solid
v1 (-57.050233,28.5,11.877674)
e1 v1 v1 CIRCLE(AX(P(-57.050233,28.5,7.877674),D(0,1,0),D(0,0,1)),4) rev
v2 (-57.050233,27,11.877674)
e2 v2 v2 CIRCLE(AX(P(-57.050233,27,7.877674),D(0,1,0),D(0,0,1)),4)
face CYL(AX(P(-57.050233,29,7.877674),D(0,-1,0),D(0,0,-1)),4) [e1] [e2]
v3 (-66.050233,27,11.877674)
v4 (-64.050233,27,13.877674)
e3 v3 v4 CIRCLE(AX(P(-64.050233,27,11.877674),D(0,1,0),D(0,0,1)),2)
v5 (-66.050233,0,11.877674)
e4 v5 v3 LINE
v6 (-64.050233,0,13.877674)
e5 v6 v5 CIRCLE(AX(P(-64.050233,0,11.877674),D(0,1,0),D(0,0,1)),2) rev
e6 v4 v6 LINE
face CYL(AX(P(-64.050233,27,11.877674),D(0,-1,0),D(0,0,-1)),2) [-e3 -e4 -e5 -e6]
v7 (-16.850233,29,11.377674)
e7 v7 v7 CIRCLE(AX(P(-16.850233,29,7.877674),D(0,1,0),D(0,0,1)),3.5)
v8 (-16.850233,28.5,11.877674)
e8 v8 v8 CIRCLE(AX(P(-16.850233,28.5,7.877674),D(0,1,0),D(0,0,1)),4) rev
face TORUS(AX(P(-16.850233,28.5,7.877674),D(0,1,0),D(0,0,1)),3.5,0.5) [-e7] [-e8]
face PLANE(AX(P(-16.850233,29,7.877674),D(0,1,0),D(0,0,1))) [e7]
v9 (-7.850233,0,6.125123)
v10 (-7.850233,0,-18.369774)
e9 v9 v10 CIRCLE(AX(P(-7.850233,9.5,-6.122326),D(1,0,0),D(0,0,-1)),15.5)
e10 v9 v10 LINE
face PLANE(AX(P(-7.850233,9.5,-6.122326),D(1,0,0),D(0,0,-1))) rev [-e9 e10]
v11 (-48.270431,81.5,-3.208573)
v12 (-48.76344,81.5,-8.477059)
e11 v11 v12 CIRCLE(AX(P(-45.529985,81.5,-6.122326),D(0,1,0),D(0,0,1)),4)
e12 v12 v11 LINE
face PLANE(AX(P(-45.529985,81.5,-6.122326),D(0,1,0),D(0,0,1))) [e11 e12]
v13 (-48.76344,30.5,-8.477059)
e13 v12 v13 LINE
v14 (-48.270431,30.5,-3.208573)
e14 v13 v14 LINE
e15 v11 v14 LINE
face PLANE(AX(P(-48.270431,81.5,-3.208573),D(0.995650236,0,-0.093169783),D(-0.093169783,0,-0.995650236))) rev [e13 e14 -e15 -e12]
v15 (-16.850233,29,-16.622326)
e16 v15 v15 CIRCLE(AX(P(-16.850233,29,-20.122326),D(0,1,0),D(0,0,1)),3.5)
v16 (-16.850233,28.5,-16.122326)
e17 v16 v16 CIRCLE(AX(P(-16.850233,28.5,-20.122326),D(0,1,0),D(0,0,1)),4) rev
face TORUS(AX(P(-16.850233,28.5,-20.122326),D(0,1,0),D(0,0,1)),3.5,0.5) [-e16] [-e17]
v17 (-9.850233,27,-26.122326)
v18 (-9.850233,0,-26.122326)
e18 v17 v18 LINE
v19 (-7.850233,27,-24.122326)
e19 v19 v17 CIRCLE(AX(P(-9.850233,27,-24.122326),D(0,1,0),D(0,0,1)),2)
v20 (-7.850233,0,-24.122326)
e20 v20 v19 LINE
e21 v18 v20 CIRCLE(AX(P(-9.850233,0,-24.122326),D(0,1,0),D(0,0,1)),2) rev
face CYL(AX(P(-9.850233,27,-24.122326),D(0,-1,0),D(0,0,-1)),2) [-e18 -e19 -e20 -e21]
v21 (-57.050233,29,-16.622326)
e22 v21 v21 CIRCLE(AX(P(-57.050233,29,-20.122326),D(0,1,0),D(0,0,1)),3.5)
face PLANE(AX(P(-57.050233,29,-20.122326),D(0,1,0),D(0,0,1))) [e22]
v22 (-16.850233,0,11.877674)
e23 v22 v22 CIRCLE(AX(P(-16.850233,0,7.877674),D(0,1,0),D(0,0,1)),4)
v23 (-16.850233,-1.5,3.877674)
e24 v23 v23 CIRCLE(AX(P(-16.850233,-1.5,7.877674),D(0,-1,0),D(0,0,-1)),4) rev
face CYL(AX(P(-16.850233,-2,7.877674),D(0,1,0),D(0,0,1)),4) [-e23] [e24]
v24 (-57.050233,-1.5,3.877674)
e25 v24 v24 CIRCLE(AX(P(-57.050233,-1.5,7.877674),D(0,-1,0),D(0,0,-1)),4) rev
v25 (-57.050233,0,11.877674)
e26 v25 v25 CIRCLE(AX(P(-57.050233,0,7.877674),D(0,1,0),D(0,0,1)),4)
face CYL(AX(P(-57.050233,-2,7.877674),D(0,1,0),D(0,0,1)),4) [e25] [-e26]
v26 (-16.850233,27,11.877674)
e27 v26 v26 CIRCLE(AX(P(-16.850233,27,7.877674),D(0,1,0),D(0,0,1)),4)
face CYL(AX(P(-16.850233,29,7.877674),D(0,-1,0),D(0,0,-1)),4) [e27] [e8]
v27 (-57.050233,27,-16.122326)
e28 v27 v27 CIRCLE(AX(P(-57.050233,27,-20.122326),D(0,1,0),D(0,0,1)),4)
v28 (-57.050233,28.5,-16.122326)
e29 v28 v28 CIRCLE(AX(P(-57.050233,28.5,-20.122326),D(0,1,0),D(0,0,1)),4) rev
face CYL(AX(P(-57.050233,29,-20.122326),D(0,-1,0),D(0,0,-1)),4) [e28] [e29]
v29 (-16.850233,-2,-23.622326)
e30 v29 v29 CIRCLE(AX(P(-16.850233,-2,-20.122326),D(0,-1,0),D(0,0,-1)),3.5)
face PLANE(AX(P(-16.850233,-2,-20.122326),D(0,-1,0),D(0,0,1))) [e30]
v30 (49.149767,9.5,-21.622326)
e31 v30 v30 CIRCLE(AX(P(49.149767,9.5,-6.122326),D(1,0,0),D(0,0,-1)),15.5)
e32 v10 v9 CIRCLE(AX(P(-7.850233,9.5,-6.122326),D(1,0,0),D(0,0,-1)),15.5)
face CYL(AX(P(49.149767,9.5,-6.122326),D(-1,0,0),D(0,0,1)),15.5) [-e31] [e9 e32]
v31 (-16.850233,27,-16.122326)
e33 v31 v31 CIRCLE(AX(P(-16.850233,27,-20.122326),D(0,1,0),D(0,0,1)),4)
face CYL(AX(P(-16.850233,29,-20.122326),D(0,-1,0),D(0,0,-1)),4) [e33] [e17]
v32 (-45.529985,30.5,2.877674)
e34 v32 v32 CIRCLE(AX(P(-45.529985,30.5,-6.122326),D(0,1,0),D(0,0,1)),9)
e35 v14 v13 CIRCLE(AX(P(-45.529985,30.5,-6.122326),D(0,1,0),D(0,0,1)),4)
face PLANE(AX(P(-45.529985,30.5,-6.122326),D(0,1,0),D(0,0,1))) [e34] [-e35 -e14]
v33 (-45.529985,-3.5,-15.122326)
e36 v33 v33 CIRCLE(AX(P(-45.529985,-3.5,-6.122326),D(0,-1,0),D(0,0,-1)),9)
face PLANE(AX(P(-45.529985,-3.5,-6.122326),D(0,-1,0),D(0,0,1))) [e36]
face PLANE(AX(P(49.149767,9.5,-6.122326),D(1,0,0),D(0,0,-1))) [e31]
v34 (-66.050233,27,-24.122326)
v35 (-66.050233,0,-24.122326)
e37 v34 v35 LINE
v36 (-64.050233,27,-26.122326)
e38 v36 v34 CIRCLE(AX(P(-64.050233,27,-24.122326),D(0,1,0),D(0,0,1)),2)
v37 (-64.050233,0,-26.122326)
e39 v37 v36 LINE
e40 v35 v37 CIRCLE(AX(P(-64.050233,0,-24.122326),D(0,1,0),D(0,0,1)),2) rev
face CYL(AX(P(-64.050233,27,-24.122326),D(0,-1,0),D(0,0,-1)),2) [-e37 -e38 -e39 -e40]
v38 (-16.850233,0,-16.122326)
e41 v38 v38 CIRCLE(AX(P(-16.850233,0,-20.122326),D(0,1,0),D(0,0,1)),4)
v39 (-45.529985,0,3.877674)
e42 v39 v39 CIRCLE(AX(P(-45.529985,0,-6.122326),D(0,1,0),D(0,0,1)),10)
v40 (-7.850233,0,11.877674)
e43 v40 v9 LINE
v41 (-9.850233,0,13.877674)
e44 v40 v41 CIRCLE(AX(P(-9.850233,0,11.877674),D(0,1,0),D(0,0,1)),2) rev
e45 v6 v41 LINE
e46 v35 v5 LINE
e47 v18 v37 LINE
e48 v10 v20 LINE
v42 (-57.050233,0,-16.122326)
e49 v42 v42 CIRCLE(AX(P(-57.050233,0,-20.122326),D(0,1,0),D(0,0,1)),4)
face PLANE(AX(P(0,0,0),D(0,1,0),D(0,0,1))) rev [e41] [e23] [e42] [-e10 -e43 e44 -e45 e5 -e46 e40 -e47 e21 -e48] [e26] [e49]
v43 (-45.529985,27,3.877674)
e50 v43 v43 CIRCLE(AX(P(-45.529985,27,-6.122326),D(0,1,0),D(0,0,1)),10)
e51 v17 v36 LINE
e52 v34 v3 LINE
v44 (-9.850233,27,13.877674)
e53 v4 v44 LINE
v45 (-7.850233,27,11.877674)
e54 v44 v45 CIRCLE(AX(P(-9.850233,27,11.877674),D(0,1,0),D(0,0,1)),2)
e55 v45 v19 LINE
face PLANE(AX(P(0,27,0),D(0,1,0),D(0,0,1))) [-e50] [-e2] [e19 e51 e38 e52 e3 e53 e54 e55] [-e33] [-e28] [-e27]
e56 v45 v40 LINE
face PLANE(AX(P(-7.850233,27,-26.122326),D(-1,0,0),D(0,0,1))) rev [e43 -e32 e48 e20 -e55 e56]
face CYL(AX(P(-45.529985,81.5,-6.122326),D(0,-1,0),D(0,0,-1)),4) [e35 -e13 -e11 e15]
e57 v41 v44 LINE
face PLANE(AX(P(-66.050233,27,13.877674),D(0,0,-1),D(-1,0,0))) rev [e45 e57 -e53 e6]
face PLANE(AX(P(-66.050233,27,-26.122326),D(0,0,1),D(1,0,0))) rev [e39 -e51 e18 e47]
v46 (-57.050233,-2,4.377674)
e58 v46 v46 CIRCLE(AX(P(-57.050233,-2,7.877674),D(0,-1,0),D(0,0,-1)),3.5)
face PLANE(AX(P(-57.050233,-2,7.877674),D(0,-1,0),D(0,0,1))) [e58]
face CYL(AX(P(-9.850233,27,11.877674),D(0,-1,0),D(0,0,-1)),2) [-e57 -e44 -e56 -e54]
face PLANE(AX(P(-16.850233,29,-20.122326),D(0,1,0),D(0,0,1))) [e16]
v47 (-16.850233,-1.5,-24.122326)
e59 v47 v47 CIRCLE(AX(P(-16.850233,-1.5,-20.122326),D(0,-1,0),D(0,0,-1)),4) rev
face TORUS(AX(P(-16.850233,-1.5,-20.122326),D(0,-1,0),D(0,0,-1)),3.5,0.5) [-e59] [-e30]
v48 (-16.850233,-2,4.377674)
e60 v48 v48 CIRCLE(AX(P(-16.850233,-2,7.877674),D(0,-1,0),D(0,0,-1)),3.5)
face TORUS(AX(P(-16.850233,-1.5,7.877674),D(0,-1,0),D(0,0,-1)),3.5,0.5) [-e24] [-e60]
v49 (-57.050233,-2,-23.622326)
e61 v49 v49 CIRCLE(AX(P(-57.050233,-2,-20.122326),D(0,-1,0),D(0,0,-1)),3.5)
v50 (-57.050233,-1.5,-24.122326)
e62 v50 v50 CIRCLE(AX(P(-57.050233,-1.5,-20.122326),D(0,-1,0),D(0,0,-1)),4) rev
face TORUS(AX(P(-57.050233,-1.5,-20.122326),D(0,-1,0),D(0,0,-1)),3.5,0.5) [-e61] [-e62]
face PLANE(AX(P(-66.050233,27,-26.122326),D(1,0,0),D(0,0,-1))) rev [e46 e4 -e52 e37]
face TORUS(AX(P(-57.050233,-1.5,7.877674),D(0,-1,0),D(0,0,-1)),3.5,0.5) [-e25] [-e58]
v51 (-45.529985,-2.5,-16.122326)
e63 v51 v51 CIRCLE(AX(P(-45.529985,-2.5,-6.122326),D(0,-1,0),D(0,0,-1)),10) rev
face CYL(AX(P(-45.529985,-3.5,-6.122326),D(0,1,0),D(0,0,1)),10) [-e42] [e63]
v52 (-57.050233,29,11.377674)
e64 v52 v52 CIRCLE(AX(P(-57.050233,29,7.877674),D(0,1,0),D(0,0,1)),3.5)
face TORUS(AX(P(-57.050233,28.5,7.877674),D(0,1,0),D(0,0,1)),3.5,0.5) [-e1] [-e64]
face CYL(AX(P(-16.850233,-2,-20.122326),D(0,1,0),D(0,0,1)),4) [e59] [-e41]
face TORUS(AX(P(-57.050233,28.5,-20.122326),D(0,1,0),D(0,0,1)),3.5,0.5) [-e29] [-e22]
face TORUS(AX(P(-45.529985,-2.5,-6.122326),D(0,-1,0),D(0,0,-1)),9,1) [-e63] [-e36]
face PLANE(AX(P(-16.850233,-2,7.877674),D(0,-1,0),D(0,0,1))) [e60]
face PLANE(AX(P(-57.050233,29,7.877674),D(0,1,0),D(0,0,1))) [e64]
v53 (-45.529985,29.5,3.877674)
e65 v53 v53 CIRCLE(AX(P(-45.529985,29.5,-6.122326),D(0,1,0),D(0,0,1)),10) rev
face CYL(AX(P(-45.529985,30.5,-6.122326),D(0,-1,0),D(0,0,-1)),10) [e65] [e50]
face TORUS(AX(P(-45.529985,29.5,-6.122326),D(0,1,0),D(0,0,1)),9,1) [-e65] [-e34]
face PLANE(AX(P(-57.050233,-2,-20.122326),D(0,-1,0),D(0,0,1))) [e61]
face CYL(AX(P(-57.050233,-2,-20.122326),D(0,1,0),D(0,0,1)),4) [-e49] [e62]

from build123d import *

# Parameters (mm, degrees)
SKETCH1_W           = 58.2
SKETCH1_H           = 40
BOSS_EXTRUDE1_DEPTH = 27
FILLET1_R           = 2
SKETCH2_R           = 15.5
BOSS_EXTRUDE2_DEPTH = 57
SKETCH3_R           = 4
BOSS_EXTRUDE3_DEPTH = 2
SKETCH4_R           = 10
BOSS_EXTRUDE4_DEPTH = 3.5
FILLET2_R           = 0.5
FILLET3_R           = 1
FILLET4_R           = 0.5
FILLET5_R           = 1
BOSS_EXTRUDE5_DEPTH = 51


with BuildPart() as part:
    # Sketch1 → Boss-Extrude1 (new body)
    with BuildSketch(Plane(origin=(0, 0, 0), x_dir=(1, 0, 0), z_dir=(0, 1, 0))):
        with Locations((-36.950232558, 6.122325581)):
            Rectangle(SKETCH1_W, SKETCH1_H)
    extrude(amount=BOSS_EXTRUDE1_DEPTH)

    # Fillet1
    fillet1_edges = [part.edges().sort_by_distance(p)[0] for p in [
        (-66.050232558, 13.5, -26.122325581),
        (-7.850232558, 13.5, -26.122325581),
        (-7.850232558, 13.5, 13.877674419),
        (-66.050232558, 13.5, 13.877674419),
    ]]
    fillet(fillet1_edges, radius=FILLET1_R)

    # Sketch2 → Boss-Extrude2 (add)
    with BuildSketch(Plane(origin=(-7.850232558, 0, 0), x_dir=(0, 0, -1), z_dir=(1, 0, 0))):
        with Locations(Location((6.122325581, 9.5, 0), (0, 0, 217.799722435))):
            Circle(SKETCH2_R)
    extrude(amount=BOSS_EXTRUDE2_DEPTH)

    # Sketch3 → Boss-Extrude3 (add)
    with BuildSketch(Plane(origin=(0, 27, 0), x_dir=(1, 0, 0), z_dir=(0, 1, 0))):
        with Locations(Location((-16.850232558, -7.877674419, 0), (0, 0, 270))):
            Circle(SKETCH3_R)
        with Locations(Location((-16.850232558, 20.122325581, 0), (0, 0, 270))):
            Circle(SKETCH3_R)
        with Locations(Location((-57.050232558, -7.877674419, 0), (0, 0, 270))):
            Circle(SKETCH3_R)
        with Locations(Location((-57.050232558, 20.122325581, 0), (0, 0, 270))):
            Circle(SKETCH3_R)
    boss_extrude3 = extrude(amount=BOSS_EXTRUDE3_DEPTH)

    # Sketch4 → Boss-Extrude4 (add)
    with BuildSketch(Plane(origin=(0, 27, 0), x_dir=(1, 0, 0), z_dir=(0, 1, 0))):
        with Locations(Location((-45.529984773, 6.122325581, 0), (0, 0, 270))):
            Circle(SKETCH4_R)
    boss_extrude4 = extrude(amount=BOSS_EXTRUDE4_DEPTH)

    # Mirror1: Boss-Extrude3, Boss-Extrude4 across plane
    add(boss_extrude3.mirror(Plane.ZX.offset(13.5)))
    add(boss_extrude4.mirror(Plane.ZX.offset(13.5)))

    # Fillet2
    fillet2_edges = [part.edges().sort_by_distance(p)[0] for p in [
        (-16.850232558, 29, 3.877674419),
        (-16.850232558, 29, -24.122325581),
        (-57.050232558, 29, 3.877674419),
        (-57.050232558, 29, -24.122325581),
    ]]
    fillet(fillet2_edges, radius=FILLET2_R)

    # Fillet3
    fillet3_edges = [part.edges().sort_by_distance(p)[0] for p in [
        (-45.529984773, 30.5, -16.122325581),
    ]]
    fillet(fillet3_edges, radius=FILLET3_R)

    # Mirror6: Boss-Extrude3, Boss-Extrude4 across plane
    add(boss_extrude3.mirror(Plane.ZX.offset(13.5)))
    add(boss_extrude4.mirror(Plane.ZX.offset(13.5)))

    # Fillet4
    fillet4_edges = [part.edges().sort_by_distance(p)[0] for p in [
        (-16.850232558, -2, 3.877674419),
        (-16.850232558, -2, -24.122325581),
        (-57.050232558, -2, 3.877674419),
        (-57.050232558, -2, -24.122325581),
    ]]
    fillet(fillet4_edges, radius=FILLET4_R)

    # Fillet5
    fillet5_edges = [part.edges().sort_by_distance(p)[0] for p in [
        (-45.529984773, -3.5, -16.122325581),
    ]]
    fillet(fillet5_edges, radius=FILLET5_R)

    # Sketch5 → Boss-Extrude5 (add)
    with BuildSketch(Plane(origin=(0, 30.5, 0), x_dir=(1, 0, 0), z_dir=(0, 1, 0))):
        with BuildLine():
            Line((-48.270431405, 3.208573317), (-48.763439554, 8.47705915))
            ThreePointArc((-48.763439554, 8.47705915), (-41.54738383, 6.495004712), (-48.270431405, 3.208573317))
        make_face()
    extrude(amount=BOSS_EXTRUDE5_DEPTH)


solid = part.part
